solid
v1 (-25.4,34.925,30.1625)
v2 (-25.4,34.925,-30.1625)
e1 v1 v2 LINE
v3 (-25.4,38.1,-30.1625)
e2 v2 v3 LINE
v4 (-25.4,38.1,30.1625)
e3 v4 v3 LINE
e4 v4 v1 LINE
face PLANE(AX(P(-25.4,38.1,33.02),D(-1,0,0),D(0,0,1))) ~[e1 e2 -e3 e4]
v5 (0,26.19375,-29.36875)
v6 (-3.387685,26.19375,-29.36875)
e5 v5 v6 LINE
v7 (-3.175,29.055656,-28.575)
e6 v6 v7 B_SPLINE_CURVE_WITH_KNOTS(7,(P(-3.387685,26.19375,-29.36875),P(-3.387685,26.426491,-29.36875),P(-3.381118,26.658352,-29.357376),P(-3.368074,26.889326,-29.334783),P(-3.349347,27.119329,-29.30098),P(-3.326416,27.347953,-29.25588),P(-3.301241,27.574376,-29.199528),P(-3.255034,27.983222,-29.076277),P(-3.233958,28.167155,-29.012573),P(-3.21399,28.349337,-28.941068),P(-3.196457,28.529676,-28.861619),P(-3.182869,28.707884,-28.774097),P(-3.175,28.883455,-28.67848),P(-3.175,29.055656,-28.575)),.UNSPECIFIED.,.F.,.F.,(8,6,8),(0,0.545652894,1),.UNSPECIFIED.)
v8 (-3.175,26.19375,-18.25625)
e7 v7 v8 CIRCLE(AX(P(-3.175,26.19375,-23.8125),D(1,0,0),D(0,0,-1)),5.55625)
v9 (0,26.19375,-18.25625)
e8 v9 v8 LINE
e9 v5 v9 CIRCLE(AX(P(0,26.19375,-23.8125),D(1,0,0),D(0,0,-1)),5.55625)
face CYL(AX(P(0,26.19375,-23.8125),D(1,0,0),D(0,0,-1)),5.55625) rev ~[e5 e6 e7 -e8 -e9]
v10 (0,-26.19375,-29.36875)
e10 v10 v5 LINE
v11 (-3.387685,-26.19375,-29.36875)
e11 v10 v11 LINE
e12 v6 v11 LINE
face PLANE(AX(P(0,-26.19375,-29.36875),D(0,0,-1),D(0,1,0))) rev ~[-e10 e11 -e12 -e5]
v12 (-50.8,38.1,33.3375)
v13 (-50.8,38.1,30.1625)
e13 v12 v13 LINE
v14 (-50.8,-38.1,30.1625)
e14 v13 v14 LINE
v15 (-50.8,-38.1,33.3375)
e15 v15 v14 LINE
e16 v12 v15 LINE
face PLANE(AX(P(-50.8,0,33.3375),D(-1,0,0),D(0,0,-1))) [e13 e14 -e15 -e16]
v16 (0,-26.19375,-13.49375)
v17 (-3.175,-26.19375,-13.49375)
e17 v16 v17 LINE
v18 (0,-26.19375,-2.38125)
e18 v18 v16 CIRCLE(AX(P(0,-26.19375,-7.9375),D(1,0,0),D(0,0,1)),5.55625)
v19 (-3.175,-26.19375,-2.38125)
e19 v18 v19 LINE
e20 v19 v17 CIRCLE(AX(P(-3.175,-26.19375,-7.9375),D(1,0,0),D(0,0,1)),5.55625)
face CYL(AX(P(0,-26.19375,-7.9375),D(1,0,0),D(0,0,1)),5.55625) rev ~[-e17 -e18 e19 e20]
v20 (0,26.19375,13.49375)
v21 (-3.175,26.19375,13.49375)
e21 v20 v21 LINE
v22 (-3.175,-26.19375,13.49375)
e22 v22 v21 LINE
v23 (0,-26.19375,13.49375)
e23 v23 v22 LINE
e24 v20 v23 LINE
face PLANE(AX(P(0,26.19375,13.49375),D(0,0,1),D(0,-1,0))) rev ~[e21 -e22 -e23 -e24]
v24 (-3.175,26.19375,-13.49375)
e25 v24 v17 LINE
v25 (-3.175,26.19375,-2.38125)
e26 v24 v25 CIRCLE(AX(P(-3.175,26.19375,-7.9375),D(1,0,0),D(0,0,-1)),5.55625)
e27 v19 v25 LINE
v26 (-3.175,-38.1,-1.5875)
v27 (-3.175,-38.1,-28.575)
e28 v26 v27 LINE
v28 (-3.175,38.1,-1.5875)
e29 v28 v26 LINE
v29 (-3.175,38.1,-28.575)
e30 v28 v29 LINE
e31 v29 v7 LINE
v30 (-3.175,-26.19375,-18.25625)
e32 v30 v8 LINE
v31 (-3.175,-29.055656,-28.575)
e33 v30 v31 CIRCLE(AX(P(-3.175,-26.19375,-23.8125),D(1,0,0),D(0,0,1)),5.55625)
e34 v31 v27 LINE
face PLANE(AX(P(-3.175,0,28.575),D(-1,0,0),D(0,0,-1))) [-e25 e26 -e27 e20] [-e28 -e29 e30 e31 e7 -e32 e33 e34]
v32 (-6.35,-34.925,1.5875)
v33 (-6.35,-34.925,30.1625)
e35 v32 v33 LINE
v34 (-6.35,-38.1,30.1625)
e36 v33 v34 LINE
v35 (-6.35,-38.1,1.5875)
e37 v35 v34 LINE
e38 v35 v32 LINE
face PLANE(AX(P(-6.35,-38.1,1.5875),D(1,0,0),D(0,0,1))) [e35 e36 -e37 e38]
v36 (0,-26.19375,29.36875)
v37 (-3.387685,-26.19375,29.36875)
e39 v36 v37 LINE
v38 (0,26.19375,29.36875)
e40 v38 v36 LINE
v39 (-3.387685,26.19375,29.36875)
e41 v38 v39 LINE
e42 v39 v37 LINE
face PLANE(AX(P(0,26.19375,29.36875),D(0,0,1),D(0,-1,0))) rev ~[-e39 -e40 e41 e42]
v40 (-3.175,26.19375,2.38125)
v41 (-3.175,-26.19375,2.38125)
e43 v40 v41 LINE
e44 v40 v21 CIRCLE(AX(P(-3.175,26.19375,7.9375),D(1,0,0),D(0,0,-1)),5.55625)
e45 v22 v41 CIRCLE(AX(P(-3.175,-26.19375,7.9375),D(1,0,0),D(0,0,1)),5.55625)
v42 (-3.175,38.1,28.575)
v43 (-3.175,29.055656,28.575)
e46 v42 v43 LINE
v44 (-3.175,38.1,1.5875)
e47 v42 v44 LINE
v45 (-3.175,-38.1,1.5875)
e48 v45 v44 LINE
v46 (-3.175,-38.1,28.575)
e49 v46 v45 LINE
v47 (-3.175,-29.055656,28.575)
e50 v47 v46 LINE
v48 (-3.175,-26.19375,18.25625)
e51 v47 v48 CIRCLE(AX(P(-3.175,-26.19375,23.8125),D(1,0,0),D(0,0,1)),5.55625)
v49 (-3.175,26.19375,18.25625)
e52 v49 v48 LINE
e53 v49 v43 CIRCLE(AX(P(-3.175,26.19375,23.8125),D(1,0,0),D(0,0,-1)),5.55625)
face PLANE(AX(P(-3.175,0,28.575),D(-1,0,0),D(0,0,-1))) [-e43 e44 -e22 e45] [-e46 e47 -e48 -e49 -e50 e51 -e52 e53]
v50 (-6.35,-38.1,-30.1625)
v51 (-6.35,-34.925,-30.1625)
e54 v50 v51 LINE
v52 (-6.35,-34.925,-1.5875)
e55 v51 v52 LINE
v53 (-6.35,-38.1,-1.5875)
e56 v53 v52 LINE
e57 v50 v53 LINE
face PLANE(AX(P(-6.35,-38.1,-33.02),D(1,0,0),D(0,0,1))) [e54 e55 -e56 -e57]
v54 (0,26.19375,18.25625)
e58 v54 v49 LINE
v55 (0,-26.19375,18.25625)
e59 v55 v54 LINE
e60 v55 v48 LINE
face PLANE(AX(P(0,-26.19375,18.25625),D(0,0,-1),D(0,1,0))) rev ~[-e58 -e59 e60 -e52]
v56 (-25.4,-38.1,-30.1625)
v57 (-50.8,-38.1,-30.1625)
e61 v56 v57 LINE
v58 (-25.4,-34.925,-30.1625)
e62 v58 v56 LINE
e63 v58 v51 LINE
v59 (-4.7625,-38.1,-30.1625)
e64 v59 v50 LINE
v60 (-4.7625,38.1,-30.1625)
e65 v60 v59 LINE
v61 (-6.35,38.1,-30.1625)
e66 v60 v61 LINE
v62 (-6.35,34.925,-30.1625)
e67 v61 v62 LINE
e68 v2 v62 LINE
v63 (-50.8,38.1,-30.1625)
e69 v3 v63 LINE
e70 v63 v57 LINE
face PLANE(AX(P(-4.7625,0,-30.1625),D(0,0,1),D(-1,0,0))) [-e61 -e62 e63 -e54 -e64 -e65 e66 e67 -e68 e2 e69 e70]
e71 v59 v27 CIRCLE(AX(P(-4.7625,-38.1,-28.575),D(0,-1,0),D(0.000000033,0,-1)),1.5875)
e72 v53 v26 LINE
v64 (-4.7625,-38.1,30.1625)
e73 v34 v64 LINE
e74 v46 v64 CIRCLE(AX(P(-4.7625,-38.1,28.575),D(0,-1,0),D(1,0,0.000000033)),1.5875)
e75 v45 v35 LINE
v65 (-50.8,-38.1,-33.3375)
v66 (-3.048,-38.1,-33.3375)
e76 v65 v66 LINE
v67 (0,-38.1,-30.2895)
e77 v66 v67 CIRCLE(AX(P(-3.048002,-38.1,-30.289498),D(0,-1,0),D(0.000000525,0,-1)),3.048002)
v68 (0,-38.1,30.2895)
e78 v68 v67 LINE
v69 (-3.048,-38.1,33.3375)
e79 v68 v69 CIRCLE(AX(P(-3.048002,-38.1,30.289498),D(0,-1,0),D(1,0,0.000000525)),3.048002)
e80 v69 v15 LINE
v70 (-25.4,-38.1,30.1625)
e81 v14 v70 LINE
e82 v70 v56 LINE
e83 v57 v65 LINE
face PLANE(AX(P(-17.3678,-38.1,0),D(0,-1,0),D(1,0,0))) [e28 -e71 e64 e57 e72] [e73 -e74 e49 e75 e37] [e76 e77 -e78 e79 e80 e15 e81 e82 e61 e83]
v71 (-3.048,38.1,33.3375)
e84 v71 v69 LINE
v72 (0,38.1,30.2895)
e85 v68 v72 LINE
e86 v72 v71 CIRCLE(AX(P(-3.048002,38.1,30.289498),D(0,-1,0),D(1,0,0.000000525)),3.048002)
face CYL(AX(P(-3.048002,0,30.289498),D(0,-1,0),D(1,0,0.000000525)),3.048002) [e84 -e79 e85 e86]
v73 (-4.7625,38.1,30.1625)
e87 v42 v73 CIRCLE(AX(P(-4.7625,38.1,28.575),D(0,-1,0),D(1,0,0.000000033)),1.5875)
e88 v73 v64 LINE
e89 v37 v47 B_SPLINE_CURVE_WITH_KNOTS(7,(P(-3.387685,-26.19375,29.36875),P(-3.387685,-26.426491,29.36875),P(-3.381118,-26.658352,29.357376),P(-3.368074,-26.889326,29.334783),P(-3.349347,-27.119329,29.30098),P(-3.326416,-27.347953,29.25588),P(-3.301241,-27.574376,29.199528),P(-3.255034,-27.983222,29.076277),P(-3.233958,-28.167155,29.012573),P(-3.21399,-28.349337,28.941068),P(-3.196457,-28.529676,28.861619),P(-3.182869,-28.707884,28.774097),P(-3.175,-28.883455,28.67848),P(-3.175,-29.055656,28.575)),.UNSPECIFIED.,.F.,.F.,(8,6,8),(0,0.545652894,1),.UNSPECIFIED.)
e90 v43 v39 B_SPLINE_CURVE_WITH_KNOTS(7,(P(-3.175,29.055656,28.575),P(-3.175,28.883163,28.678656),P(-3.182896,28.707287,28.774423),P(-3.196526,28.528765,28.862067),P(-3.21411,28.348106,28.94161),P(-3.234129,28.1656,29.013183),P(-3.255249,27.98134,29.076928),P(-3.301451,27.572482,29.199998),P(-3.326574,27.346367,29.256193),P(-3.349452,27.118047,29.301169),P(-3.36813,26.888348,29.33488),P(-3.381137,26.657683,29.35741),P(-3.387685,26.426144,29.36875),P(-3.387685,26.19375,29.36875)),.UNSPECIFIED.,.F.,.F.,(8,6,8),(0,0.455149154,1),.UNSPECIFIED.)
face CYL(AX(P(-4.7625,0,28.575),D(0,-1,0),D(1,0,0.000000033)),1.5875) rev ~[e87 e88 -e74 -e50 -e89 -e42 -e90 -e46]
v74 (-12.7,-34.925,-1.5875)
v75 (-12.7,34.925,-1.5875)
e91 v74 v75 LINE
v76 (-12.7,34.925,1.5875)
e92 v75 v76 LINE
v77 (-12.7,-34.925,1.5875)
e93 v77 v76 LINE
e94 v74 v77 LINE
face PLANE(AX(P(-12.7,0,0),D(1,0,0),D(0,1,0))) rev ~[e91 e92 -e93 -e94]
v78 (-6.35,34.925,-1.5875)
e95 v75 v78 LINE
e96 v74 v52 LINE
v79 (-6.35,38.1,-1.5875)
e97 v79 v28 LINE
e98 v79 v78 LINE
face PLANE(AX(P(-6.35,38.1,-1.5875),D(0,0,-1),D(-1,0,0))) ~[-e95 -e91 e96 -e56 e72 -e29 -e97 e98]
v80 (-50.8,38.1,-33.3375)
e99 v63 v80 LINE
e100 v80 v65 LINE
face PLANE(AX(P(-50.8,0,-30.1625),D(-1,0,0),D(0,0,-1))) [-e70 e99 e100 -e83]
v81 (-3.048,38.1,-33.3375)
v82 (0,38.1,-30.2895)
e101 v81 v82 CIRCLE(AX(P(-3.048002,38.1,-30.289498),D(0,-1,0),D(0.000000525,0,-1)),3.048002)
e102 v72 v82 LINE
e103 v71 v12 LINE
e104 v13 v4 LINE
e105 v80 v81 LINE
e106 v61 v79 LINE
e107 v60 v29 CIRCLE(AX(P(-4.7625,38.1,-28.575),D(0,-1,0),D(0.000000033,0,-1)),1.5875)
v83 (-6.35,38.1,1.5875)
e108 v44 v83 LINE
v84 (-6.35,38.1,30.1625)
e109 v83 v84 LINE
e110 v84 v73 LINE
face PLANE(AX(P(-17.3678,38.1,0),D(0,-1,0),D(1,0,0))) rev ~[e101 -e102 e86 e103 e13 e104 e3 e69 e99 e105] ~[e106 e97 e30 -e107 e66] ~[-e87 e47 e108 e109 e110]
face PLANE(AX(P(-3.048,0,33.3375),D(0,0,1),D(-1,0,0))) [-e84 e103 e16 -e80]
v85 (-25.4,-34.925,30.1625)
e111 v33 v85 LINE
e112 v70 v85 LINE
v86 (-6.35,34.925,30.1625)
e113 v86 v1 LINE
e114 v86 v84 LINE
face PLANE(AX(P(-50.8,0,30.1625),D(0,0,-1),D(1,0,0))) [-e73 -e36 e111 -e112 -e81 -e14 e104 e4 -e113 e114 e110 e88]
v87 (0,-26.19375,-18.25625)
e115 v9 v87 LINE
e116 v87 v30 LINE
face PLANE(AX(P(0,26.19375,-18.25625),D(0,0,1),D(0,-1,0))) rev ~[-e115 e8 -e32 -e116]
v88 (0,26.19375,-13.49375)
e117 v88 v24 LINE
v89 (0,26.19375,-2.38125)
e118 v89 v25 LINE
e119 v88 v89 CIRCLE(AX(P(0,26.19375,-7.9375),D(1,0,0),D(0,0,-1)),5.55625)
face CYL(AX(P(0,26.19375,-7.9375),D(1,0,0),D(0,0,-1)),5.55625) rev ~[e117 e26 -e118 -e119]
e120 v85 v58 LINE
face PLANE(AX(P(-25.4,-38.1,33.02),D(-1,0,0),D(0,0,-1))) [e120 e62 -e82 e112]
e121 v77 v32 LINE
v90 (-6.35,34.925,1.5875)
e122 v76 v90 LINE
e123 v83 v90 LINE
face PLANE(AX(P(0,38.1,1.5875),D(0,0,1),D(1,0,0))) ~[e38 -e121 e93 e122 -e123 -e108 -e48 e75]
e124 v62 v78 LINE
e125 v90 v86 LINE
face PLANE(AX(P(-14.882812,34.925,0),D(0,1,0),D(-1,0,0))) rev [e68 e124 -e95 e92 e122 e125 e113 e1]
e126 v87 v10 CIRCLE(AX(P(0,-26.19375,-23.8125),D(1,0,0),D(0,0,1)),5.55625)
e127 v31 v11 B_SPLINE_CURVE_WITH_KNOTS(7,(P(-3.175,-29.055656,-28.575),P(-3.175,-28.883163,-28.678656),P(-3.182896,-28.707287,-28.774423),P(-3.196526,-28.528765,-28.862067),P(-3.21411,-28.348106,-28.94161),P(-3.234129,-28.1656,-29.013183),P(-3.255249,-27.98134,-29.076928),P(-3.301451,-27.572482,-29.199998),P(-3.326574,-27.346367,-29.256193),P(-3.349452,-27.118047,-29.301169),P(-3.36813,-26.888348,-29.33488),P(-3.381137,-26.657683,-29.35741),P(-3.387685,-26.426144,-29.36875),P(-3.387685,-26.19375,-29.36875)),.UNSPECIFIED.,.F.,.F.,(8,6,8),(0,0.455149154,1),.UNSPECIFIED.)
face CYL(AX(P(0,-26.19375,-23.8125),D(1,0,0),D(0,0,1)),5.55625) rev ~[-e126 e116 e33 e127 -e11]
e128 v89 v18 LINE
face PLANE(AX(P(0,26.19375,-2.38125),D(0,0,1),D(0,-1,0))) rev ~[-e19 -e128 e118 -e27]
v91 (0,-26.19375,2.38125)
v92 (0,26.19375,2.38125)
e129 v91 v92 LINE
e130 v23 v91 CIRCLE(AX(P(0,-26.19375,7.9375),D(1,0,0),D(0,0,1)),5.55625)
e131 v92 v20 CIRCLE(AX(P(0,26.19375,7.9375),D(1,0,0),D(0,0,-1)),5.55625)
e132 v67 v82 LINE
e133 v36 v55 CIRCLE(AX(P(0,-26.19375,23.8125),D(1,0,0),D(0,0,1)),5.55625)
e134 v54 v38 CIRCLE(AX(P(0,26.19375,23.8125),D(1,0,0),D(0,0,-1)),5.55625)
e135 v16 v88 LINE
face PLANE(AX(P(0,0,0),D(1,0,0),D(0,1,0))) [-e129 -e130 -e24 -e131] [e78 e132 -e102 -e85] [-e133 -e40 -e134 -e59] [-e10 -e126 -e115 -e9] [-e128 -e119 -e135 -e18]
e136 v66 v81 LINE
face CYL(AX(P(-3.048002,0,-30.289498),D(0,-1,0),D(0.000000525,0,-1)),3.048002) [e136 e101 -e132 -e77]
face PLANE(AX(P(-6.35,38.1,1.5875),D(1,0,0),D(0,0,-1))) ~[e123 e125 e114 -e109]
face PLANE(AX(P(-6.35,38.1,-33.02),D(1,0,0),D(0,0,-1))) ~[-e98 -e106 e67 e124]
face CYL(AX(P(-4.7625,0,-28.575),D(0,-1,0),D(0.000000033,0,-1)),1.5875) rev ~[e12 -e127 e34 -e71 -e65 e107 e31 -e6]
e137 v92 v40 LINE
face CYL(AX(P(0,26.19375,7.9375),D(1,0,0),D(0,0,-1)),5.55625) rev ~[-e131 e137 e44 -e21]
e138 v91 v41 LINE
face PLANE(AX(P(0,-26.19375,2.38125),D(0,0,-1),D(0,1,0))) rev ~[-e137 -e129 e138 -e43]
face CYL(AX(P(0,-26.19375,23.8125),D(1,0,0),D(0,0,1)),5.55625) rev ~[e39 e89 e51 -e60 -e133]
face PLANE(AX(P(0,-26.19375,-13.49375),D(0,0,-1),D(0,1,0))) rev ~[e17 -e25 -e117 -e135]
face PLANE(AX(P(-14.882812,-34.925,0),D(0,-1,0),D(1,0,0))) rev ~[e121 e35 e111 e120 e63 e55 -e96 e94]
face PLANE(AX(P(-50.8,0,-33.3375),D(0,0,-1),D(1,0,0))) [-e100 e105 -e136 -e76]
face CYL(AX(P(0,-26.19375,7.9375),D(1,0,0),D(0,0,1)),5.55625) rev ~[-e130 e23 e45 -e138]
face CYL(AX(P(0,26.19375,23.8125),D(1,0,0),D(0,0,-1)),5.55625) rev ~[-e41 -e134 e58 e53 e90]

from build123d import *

# Parameters (mm, degrees)
PAD7411_DEPTH   = 38.1
PAD7409_DEPTH   = 3.175
SKETCH8433_W    = 76.2
SKETCH8433_H    = 3.175
PAD7410_DEPTH   = 12.7
POCKET693_DEPTH = 50.801


with BuildPart() as part:
    # Sketch8434 → Pad7411 (new body, symmetric)
    with BuildSketch(Plane.XZ):
        with BuildLine():
            ThreePointArc((0, 30.2895), (-0.892739, 32.444761), (-3.048, 33.3375))
            Line((-3.048, 33.3375), (-50.8, 33.3375))
            Line((-50.8, 33.3375), (-50.8, 30.1625))
            Line((-50.8, 30.1625), (-4.7625, 30.1625))
            ThreePointArc((-3.175, 28.575), (-3.639968, 29.697532), (-4.7625, 30.1625))
            Line((-3.175, 28.575), (-3.175, -28.575))
            ThreePointArc((-4.7625, -30.1625), (-3.639968, -29.697532), (-3.175, -28.575))
            Line((-4.7625, -30.1625), (-50.8, -30.1625))
            Line((-50.8, -30.1625), (-50.8, -33.3375))
            Line((-50.8, -33.3375), (-3.048, -33.3375))
            ThreePointArc((-3.048, -33.3375), (-0.892739, -32.444761), (0, -30.2895))
            Line((0, -30.2895), (0, 30.2895))
        make_face()
    extrude(amount=PAD7411_DEPTH, both=True)

    # Sketch8432 (on DatumPlane) → Pad7409 (join)
    with BuildSketch(Plane.XZ.offset(38.1)):
        Polygon((-25.4, 33.02), (-25.4, -33.02), (-6.35, -33.02), (-6.35, -1.5875), (0, -1.5875), (0, 1.5875), (-6.35, 1.5875), (-6.35, 33.02), align=None)
    pad7409 = extrude(amount=-PAD7409_DEPTH)

    # Mirrored019: Pad7409 across XZ
    add(pad7409.mirror(Plane.XZ))

    # Sketch8433 → Pad7410 (join)
    with BuildSketch(Plane.YZ):
        Rectangle(SKETCH8433_W, SKETCH8433_H)
    extrude(amount=-PAD7410_DEPTH)

    # Sketch8435 → Pocket693 (cut, through all)
    with BuildSketch(Plane.YZ):
        with BuildLine():
            ThreePointArc((26.19375, 18.25625), (31.75, 23.8125), (26.19375, 29.36875))
            Line((26.19375, 29.36875), (-26.19375, 29.36875))
            ThreePointArc((-26.19375, 29.36875), (-31.75, 23.8125), (-26.19375, 18.25625))
            Line((-26.19375, 18.25625), (26.19375, 18.25625))
        make_face()
        with BuildLine():
            ThreePointArc((26.19375, 2.38125), (31.75, 7.9375), (26.19375, 13.49375))
            Line((26.19375, 13.49375), (-26.19375, 13.49375))
            ThreePointArc((-26.19375, 13.49375), (-31.75, 7.9375), (-26.19375, 2.38125))
            Line((-26.19375, 2.38125), (26.19375, 2.38125))
        make_face()
        with BuildLine():
            ThreePointArc((26.19375, -13.49375), (31.75, -7.9375), (26.19375, -2.38125))
            Line((26.19375, -2.38125), (-26.19375, -2.38125))
            ThreePointArc((-26.19375, -2.38125), (-31.75, -7.9375), (-26.19375, -13.49375))
            Line((-26.19375, -13.49375), (26.19375, -13.49375))
        make_face()
        with BuildLine():
            ThreePointArc((26.19375, -29.36875), (31.75, -23.8125), (26.19375, -18.25625))
            Line((26.19375, -18.25625), (-26.19375, -18.25625))
            ThreePointArc((-26.19375, -18.25625), (-31.75, -23.8125), (-26.19375, -29.36875))
            Line((-26.19375, -29.36875), (26.19375, -29.36875))
        make_face()
    extrude(amount=-POCKET693_DEPTH, mode=Mode.SUBTRACT)


solid = part.part
